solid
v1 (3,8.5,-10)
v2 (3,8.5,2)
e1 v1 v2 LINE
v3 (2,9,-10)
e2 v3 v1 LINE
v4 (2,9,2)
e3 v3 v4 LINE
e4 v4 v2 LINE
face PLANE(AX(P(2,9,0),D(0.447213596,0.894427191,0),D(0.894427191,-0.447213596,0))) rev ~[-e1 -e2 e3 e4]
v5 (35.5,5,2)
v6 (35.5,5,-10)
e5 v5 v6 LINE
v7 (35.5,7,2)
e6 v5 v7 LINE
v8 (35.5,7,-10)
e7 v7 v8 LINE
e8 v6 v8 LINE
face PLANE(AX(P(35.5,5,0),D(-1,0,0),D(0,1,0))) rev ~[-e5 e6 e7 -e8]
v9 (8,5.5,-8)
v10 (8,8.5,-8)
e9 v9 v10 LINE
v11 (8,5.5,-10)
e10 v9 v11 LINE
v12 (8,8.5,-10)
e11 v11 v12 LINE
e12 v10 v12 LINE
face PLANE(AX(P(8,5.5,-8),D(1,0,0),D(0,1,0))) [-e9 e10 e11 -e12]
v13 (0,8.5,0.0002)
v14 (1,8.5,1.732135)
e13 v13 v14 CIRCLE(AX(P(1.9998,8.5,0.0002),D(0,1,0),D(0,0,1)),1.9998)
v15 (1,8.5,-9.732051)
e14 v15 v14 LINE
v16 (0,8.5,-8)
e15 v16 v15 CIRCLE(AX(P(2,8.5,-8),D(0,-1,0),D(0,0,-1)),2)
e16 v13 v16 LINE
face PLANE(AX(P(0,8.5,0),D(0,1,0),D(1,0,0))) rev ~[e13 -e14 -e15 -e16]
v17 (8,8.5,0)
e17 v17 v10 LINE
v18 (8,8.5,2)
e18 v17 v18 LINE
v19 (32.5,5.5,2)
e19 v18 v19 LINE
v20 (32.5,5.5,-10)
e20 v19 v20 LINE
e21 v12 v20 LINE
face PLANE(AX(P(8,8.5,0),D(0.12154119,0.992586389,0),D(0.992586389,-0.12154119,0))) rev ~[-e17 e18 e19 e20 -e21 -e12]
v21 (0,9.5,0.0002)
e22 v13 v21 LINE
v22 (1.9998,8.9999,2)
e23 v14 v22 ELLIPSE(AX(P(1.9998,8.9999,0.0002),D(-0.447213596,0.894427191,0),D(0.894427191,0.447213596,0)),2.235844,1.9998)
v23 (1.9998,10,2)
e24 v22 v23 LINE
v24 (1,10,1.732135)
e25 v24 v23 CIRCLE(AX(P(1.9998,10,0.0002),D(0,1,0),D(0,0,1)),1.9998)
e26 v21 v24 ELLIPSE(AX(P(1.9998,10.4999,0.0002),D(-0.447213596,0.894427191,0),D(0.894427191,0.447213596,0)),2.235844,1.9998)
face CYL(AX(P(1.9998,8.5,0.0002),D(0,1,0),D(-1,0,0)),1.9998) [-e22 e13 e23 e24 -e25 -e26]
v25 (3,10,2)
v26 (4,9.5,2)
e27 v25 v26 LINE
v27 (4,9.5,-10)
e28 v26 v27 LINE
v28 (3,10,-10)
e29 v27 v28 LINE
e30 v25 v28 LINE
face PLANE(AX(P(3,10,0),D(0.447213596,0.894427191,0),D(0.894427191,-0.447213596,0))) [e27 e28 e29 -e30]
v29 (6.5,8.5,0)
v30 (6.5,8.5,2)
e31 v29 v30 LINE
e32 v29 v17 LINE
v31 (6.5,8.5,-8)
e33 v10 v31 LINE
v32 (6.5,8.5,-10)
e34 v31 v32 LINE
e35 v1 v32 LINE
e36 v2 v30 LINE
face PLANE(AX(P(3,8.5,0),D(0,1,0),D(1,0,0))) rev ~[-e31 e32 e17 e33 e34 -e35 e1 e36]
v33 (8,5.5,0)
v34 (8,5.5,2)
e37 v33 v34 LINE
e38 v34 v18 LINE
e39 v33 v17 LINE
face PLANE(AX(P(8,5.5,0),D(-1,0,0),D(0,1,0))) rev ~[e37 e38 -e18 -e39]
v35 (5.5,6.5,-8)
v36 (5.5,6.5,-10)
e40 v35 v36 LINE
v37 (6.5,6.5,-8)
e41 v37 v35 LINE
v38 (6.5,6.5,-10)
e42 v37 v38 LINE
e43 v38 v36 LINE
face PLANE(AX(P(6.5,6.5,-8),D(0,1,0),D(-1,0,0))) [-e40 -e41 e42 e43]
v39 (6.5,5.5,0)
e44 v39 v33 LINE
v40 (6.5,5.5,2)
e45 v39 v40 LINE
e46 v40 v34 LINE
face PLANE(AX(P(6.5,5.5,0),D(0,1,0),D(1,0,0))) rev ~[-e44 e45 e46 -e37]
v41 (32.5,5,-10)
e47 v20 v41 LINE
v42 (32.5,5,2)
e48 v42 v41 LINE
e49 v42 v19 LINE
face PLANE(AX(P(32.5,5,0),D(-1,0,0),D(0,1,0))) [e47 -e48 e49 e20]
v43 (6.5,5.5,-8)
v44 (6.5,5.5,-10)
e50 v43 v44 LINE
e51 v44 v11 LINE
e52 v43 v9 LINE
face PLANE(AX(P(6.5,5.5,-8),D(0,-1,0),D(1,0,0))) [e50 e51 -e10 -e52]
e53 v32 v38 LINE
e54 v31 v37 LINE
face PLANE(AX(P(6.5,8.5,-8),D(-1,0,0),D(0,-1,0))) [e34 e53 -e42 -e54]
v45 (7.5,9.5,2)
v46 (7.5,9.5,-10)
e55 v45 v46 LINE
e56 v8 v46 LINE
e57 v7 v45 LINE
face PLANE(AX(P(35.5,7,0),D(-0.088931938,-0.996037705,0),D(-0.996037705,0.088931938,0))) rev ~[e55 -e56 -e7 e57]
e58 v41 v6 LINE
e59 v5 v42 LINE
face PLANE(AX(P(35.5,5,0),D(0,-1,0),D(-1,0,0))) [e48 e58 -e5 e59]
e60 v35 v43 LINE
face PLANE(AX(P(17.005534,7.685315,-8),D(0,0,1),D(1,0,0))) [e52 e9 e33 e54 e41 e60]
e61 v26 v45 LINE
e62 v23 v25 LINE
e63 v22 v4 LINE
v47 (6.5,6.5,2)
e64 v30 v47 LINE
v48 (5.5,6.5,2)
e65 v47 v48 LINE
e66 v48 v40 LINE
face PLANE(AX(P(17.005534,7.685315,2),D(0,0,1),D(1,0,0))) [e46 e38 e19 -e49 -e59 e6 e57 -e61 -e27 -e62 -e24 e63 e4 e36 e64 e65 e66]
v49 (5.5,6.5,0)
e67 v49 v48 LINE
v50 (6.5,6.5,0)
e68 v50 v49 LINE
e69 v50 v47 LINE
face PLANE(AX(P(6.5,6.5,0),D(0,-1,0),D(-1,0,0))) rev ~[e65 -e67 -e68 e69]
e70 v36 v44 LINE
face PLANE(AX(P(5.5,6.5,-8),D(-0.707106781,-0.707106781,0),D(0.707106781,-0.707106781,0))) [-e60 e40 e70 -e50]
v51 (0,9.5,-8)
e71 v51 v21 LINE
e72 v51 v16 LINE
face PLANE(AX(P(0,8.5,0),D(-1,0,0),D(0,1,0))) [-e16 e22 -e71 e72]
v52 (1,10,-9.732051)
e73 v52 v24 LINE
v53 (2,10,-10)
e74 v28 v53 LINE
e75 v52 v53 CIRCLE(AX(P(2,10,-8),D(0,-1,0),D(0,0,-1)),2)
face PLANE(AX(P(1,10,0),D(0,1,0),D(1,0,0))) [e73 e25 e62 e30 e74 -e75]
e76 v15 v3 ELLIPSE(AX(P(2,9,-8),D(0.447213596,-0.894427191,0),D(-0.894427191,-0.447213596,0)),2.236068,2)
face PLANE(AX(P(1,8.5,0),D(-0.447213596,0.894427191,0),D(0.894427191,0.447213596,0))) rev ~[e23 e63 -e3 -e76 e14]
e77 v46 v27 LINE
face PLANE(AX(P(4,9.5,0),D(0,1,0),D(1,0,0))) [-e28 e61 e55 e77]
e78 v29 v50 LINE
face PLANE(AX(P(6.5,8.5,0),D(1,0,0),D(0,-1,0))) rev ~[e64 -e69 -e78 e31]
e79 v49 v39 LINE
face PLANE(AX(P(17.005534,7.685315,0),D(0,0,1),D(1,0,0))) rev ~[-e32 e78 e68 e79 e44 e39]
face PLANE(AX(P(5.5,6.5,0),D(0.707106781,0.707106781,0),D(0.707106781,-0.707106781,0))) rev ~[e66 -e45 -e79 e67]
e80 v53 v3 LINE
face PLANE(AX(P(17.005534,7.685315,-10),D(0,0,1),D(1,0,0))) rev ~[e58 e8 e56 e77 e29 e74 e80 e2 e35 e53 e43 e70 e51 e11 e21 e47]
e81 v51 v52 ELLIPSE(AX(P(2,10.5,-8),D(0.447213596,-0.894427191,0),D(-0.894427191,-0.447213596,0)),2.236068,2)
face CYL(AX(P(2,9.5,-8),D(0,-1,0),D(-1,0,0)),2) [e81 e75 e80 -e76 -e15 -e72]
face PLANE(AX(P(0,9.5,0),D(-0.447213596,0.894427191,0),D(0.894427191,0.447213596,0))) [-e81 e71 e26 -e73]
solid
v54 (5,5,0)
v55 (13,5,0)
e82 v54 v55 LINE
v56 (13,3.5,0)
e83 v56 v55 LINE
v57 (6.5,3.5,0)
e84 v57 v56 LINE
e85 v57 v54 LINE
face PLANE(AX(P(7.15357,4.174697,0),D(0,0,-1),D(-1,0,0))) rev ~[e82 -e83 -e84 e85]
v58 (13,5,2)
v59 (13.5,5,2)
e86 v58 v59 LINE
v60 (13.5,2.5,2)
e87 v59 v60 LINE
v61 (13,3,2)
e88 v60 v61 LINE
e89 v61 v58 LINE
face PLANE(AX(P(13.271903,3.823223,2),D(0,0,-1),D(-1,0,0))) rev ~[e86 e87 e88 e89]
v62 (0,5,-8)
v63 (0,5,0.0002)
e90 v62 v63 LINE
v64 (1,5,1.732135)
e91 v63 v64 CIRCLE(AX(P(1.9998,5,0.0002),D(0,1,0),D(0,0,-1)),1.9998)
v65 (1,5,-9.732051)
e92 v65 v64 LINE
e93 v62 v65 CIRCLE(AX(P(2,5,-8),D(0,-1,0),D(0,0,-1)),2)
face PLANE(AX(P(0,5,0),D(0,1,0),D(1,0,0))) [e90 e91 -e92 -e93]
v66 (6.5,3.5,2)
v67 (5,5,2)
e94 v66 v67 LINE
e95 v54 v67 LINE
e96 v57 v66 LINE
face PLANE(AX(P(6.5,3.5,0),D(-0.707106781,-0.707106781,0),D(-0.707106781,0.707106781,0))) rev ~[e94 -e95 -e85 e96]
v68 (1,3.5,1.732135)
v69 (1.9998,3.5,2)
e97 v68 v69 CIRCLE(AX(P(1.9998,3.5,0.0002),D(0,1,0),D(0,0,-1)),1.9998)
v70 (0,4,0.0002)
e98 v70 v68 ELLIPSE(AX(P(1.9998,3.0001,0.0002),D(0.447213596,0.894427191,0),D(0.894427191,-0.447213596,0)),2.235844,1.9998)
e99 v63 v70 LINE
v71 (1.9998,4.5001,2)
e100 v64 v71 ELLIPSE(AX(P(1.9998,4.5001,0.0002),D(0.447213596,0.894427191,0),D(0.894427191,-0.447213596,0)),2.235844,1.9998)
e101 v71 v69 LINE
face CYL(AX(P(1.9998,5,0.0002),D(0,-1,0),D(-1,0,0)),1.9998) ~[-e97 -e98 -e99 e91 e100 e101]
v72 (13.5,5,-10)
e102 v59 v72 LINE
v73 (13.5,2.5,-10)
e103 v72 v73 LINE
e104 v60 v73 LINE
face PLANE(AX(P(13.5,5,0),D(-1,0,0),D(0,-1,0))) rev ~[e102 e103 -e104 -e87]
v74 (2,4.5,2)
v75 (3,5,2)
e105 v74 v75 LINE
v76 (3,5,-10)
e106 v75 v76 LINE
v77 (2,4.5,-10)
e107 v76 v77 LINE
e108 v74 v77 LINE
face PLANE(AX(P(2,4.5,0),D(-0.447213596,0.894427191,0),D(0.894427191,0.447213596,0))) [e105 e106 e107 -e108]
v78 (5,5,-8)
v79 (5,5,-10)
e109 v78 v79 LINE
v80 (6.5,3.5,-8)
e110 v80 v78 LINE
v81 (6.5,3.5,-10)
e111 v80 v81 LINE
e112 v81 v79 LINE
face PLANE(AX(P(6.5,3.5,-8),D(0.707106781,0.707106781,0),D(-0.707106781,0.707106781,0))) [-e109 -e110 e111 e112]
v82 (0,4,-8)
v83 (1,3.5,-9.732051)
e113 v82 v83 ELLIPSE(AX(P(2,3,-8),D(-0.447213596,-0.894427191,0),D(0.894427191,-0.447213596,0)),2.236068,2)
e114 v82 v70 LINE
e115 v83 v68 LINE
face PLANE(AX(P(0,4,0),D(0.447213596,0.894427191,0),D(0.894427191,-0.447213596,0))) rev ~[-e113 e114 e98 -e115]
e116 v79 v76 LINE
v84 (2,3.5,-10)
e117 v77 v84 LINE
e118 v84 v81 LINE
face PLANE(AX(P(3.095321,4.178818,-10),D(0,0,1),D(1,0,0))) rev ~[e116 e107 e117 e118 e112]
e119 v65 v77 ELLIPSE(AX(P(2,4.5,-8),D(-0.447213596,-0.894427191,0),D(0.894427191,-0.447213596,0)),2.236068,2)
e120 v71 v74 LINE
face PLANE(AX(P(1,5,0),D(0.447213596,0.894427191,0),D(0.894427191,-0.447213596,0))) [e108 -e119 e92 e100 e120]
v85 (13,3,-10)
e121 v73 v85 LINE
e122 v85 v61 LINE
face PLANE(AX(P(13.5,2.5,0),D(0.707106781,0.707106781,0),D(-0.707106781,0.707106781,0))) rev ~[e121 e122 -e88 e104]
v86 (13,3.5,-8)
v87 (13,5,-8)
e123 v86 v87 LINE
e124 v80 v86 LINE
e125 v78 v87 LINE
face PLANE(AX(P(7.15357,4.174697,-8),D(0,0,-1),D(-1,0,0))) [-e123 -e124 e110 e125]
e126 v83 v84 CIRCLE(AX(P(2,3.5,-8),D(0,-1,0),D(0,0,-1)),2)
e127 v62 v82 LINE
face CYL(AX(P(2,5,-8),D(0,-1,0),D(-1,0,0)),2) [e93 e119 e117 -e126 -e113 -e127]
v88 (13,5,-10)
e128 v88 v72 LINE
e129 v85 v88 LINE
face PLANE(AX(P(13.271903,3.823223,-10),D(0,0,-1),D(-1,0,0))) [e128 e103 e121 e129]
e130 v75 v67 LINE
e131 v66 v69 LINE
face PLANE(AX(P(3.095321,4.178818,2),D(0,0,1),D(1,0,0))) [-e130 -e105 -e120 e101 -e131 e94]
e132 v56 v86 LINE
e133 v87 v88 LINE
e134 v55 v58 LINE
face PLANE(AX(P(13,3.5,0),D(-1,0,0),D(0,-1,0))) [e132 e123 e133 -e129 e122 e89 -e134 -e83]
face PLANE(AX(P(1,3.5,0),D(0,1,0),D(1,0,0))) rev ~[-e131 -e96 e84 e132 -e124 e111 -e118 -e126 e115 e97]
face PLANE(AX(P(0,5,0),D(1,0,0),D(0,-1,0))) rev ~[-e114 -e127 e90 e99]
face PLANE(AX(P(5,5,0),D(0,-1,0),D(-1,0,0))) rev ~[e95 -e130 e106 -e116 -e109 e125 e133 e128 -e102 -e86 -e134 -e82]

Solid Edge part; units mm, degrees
sketch "Sketch1" plane through (0, 0, 0) normal (0, 0, 1) x (1, 0, 0)
  line L0 (8, 8.5) -> (32.5, 5.5)
  line L1 (32.5, 5) -> (32.5, 5.5)
  line L2 (35.5, 5) -> (32.5, 5)
  line L3 (35.5, 5) -> (35.5, 7)
  line L4 (35.5, 7) -> (7.5, 9.5)
  line L5 (4, 9.5) -> (7.5, 9.5)
  line L6 (3, 10) -> (4, 9.5)
  line L7 (1, 10) -> (3, 10)
  line L8 (0, 9.5) -> (1, 10)
  line L9 (0, 8.5) -> (0, 9.5)
  line L10 (0, 8.5) -> (1, 8.5)
  line L11 (1, 8.5) -> (2, 9)
  line L12 (2, 9) -> (3, 8.5)
  line L13 (3, 8.5) -> (6.5, 8.5)
  line L14 (6.5, 8.5) -> (6.5, 6.5)
  line L15 (6.5, 6.5) -> (5.5, 6.5)
  line L16 (5.5, 6.5) -> (6.5, 5.5)
  line L17 (6.5, 5.5) -> (8, 5.5)
  line L18 (8, 5.5) -> (8, 8.5)
  line L19 (5, 5) -> (4, 5)
  line L20 (3, 5) -> (4, 5)
  line L21 (2, 4.5) -> (3, 5)
  line L22 (1, 5) -> (2, 4.5)
  line L23 (0, 5) -> (1, 5)
  line L24 (0, 5) -> (0, 4)
  line L25 (0, 4) -> (1, 3.5)
  line L26 (1, 3.5) -> (4, 3.5)
  line L27 (4, 3.5) -> (6.5, 3.5)
  line L28 (6.5, 3.5) -> (5, 5)
  line L29 (13.5, 5) -> (13.5, 2.5)
  line L30 (13.5, 2.5) -> (13, 3)
  line L31 (13, 3) -> (13, 5)
  line L32 (13, 5) -> (13.5, 5)
  dimension "D1" = 22
extrude "Protrusion1" add sketch "Sketch1" along normal blind 2
fillet "Round_2" radius 2 2 edges at (0, 9, 2) (0, 4.5, 2)
sketch "Sketch2" plane through (0, 0, 0) normal (0, 0, 1) x (1, 0, 0)
  line L0 (35.5, 7) -> (7.5, 9.5)
  line L1 (4, 9.5) -> (7.5, 9.5)
  line L2 (3, 10) -> (4, 9.5)
  line L3 (1, 10) -> (3, 10)
  line L4 (0, 9.5) -> (1, 10)
  line L5 (0, 8.5) -> (0, 9.5)
  line L6 (0, 8.5) -> (1, 8.5)
  line L7 (1, 8.5) -> (2, 9)
  line L8 (2, 9) -> (3, 8.5)
  line L9 (3, 8.5) -> (6.5, 8.5)
  line L10 (6.5, 8.5) -> (8, 8.5)
  line L11 (8, 8.5) -> (32.5, 5.5)
  line L12 (32.5, 5) -> (32.5, 5.5)
  line L13 (35.5, 5) -> (32.5, 5)
  line L14 (35.5, 5) -> (35.5, 7)
  line L15 (5, 5) -> (13, 5)
  line L16 (13, 5) -> (13.5, 5)
  line L17 (13.5, 5) -> (13.5, 2.5)
  line L18 (13.5, 2.5) -> (13, 3)
  line L19 (13, 3.5) -> (13, 3)
  line L20 (6.5, 3.5) -> (13, 3.5)
  line L21 (4, 3.5) -> (6.5, 3.5)
  line L22 (1, 3.5) -> (4, 3.5)
  line L23 (0, 4) -> (1, 3.5)
  line L24 (0, 5) -> (0, 4)
  line L25 (0, 5) -> (1, 5)
  line L26 (1, 5) -> (2, 4.5)
  line L27 (2, 4.5) -> (3, 5)
  line L28 (3, 5) -> (4, 5)
  line L29 (5, 5) -> (4, 5)
  dimension "D1" = 22
extrude "MidExtrusion" add sketch "Sketch2" against normal blind 8
sketch "Sketch3" plane through (0, 0, -8) normal (0, 0, 1) x (1, 0, 0)
  line L0 (8, 8.5) -> (32.5, 5.5)
  line L1 (32.5, 5.5) -> (32.5, 5)
  line L2 (32.5, 5) -> (35.5, 5)
  line L3 (35.5, 5) -> (35.5, 7)
  line L4 (35.5, 7) -> (7.5, 9.5)
  line L5 (7.5, 9.5) -> (4, 9.5)
  line L6 (4, 9.5) -> (3, 10)
  line L7 (3, 10) -> (1, 10)
  line L8 (1, 10) -> (0, 9.5)
  line L9 (0, 9.5) -> (0, 8.5)
  line L10 (0, 8.5) -> (1, 8.5)
  line L11 (1, 8.5) -> (2, 9)
  line L12 (2, 9) -> (3, 8.5)
  line L13 (3, 8.5) -> (6.5, 8.5)
  line L14 (6.5, 8.5) -> (6.5, 6.5)
  line L15 (6.5, 6.5) -> (5.5, 6.5)
  line L16 (5.5, 6.5) -> (6.5, 5.5)
  line L17 (6.5, 5.5) -> (8, 5.5)
  line L18 (8, 5.5) -> (8, 8.5)
  line L19 (5, 5) -> (3, 5)
  line L20 (3, 5) -> (2, 4.5)
  line L21 (2, 4.5) -> (1, 5)
  line L22 (1, 5) -> (0, 5)
  line L23 (0, 5) -> (0, 4)
  line L24 (0, 4) -> (1, 3.5)
  line L25 (1, 3.5) -> (6.5, 3.5)
  line L26 (6.5, 3.5) -> (5, 5)
  line L27 (13.5, 5) -> (13.5, 2.5)
  line L28 (13.5, 2.5) -> (13, 3)
  line L29 (13, 3) -> (13, 5)
  line L30 (13, 5) -> (13.5, 5)
extrude "Protrusion2" add sketch "Sketch3" against normal blind 2
fillet "Round_3" radius 2 2 edges at (0, 9, -10) (0, 4.5, -10)
